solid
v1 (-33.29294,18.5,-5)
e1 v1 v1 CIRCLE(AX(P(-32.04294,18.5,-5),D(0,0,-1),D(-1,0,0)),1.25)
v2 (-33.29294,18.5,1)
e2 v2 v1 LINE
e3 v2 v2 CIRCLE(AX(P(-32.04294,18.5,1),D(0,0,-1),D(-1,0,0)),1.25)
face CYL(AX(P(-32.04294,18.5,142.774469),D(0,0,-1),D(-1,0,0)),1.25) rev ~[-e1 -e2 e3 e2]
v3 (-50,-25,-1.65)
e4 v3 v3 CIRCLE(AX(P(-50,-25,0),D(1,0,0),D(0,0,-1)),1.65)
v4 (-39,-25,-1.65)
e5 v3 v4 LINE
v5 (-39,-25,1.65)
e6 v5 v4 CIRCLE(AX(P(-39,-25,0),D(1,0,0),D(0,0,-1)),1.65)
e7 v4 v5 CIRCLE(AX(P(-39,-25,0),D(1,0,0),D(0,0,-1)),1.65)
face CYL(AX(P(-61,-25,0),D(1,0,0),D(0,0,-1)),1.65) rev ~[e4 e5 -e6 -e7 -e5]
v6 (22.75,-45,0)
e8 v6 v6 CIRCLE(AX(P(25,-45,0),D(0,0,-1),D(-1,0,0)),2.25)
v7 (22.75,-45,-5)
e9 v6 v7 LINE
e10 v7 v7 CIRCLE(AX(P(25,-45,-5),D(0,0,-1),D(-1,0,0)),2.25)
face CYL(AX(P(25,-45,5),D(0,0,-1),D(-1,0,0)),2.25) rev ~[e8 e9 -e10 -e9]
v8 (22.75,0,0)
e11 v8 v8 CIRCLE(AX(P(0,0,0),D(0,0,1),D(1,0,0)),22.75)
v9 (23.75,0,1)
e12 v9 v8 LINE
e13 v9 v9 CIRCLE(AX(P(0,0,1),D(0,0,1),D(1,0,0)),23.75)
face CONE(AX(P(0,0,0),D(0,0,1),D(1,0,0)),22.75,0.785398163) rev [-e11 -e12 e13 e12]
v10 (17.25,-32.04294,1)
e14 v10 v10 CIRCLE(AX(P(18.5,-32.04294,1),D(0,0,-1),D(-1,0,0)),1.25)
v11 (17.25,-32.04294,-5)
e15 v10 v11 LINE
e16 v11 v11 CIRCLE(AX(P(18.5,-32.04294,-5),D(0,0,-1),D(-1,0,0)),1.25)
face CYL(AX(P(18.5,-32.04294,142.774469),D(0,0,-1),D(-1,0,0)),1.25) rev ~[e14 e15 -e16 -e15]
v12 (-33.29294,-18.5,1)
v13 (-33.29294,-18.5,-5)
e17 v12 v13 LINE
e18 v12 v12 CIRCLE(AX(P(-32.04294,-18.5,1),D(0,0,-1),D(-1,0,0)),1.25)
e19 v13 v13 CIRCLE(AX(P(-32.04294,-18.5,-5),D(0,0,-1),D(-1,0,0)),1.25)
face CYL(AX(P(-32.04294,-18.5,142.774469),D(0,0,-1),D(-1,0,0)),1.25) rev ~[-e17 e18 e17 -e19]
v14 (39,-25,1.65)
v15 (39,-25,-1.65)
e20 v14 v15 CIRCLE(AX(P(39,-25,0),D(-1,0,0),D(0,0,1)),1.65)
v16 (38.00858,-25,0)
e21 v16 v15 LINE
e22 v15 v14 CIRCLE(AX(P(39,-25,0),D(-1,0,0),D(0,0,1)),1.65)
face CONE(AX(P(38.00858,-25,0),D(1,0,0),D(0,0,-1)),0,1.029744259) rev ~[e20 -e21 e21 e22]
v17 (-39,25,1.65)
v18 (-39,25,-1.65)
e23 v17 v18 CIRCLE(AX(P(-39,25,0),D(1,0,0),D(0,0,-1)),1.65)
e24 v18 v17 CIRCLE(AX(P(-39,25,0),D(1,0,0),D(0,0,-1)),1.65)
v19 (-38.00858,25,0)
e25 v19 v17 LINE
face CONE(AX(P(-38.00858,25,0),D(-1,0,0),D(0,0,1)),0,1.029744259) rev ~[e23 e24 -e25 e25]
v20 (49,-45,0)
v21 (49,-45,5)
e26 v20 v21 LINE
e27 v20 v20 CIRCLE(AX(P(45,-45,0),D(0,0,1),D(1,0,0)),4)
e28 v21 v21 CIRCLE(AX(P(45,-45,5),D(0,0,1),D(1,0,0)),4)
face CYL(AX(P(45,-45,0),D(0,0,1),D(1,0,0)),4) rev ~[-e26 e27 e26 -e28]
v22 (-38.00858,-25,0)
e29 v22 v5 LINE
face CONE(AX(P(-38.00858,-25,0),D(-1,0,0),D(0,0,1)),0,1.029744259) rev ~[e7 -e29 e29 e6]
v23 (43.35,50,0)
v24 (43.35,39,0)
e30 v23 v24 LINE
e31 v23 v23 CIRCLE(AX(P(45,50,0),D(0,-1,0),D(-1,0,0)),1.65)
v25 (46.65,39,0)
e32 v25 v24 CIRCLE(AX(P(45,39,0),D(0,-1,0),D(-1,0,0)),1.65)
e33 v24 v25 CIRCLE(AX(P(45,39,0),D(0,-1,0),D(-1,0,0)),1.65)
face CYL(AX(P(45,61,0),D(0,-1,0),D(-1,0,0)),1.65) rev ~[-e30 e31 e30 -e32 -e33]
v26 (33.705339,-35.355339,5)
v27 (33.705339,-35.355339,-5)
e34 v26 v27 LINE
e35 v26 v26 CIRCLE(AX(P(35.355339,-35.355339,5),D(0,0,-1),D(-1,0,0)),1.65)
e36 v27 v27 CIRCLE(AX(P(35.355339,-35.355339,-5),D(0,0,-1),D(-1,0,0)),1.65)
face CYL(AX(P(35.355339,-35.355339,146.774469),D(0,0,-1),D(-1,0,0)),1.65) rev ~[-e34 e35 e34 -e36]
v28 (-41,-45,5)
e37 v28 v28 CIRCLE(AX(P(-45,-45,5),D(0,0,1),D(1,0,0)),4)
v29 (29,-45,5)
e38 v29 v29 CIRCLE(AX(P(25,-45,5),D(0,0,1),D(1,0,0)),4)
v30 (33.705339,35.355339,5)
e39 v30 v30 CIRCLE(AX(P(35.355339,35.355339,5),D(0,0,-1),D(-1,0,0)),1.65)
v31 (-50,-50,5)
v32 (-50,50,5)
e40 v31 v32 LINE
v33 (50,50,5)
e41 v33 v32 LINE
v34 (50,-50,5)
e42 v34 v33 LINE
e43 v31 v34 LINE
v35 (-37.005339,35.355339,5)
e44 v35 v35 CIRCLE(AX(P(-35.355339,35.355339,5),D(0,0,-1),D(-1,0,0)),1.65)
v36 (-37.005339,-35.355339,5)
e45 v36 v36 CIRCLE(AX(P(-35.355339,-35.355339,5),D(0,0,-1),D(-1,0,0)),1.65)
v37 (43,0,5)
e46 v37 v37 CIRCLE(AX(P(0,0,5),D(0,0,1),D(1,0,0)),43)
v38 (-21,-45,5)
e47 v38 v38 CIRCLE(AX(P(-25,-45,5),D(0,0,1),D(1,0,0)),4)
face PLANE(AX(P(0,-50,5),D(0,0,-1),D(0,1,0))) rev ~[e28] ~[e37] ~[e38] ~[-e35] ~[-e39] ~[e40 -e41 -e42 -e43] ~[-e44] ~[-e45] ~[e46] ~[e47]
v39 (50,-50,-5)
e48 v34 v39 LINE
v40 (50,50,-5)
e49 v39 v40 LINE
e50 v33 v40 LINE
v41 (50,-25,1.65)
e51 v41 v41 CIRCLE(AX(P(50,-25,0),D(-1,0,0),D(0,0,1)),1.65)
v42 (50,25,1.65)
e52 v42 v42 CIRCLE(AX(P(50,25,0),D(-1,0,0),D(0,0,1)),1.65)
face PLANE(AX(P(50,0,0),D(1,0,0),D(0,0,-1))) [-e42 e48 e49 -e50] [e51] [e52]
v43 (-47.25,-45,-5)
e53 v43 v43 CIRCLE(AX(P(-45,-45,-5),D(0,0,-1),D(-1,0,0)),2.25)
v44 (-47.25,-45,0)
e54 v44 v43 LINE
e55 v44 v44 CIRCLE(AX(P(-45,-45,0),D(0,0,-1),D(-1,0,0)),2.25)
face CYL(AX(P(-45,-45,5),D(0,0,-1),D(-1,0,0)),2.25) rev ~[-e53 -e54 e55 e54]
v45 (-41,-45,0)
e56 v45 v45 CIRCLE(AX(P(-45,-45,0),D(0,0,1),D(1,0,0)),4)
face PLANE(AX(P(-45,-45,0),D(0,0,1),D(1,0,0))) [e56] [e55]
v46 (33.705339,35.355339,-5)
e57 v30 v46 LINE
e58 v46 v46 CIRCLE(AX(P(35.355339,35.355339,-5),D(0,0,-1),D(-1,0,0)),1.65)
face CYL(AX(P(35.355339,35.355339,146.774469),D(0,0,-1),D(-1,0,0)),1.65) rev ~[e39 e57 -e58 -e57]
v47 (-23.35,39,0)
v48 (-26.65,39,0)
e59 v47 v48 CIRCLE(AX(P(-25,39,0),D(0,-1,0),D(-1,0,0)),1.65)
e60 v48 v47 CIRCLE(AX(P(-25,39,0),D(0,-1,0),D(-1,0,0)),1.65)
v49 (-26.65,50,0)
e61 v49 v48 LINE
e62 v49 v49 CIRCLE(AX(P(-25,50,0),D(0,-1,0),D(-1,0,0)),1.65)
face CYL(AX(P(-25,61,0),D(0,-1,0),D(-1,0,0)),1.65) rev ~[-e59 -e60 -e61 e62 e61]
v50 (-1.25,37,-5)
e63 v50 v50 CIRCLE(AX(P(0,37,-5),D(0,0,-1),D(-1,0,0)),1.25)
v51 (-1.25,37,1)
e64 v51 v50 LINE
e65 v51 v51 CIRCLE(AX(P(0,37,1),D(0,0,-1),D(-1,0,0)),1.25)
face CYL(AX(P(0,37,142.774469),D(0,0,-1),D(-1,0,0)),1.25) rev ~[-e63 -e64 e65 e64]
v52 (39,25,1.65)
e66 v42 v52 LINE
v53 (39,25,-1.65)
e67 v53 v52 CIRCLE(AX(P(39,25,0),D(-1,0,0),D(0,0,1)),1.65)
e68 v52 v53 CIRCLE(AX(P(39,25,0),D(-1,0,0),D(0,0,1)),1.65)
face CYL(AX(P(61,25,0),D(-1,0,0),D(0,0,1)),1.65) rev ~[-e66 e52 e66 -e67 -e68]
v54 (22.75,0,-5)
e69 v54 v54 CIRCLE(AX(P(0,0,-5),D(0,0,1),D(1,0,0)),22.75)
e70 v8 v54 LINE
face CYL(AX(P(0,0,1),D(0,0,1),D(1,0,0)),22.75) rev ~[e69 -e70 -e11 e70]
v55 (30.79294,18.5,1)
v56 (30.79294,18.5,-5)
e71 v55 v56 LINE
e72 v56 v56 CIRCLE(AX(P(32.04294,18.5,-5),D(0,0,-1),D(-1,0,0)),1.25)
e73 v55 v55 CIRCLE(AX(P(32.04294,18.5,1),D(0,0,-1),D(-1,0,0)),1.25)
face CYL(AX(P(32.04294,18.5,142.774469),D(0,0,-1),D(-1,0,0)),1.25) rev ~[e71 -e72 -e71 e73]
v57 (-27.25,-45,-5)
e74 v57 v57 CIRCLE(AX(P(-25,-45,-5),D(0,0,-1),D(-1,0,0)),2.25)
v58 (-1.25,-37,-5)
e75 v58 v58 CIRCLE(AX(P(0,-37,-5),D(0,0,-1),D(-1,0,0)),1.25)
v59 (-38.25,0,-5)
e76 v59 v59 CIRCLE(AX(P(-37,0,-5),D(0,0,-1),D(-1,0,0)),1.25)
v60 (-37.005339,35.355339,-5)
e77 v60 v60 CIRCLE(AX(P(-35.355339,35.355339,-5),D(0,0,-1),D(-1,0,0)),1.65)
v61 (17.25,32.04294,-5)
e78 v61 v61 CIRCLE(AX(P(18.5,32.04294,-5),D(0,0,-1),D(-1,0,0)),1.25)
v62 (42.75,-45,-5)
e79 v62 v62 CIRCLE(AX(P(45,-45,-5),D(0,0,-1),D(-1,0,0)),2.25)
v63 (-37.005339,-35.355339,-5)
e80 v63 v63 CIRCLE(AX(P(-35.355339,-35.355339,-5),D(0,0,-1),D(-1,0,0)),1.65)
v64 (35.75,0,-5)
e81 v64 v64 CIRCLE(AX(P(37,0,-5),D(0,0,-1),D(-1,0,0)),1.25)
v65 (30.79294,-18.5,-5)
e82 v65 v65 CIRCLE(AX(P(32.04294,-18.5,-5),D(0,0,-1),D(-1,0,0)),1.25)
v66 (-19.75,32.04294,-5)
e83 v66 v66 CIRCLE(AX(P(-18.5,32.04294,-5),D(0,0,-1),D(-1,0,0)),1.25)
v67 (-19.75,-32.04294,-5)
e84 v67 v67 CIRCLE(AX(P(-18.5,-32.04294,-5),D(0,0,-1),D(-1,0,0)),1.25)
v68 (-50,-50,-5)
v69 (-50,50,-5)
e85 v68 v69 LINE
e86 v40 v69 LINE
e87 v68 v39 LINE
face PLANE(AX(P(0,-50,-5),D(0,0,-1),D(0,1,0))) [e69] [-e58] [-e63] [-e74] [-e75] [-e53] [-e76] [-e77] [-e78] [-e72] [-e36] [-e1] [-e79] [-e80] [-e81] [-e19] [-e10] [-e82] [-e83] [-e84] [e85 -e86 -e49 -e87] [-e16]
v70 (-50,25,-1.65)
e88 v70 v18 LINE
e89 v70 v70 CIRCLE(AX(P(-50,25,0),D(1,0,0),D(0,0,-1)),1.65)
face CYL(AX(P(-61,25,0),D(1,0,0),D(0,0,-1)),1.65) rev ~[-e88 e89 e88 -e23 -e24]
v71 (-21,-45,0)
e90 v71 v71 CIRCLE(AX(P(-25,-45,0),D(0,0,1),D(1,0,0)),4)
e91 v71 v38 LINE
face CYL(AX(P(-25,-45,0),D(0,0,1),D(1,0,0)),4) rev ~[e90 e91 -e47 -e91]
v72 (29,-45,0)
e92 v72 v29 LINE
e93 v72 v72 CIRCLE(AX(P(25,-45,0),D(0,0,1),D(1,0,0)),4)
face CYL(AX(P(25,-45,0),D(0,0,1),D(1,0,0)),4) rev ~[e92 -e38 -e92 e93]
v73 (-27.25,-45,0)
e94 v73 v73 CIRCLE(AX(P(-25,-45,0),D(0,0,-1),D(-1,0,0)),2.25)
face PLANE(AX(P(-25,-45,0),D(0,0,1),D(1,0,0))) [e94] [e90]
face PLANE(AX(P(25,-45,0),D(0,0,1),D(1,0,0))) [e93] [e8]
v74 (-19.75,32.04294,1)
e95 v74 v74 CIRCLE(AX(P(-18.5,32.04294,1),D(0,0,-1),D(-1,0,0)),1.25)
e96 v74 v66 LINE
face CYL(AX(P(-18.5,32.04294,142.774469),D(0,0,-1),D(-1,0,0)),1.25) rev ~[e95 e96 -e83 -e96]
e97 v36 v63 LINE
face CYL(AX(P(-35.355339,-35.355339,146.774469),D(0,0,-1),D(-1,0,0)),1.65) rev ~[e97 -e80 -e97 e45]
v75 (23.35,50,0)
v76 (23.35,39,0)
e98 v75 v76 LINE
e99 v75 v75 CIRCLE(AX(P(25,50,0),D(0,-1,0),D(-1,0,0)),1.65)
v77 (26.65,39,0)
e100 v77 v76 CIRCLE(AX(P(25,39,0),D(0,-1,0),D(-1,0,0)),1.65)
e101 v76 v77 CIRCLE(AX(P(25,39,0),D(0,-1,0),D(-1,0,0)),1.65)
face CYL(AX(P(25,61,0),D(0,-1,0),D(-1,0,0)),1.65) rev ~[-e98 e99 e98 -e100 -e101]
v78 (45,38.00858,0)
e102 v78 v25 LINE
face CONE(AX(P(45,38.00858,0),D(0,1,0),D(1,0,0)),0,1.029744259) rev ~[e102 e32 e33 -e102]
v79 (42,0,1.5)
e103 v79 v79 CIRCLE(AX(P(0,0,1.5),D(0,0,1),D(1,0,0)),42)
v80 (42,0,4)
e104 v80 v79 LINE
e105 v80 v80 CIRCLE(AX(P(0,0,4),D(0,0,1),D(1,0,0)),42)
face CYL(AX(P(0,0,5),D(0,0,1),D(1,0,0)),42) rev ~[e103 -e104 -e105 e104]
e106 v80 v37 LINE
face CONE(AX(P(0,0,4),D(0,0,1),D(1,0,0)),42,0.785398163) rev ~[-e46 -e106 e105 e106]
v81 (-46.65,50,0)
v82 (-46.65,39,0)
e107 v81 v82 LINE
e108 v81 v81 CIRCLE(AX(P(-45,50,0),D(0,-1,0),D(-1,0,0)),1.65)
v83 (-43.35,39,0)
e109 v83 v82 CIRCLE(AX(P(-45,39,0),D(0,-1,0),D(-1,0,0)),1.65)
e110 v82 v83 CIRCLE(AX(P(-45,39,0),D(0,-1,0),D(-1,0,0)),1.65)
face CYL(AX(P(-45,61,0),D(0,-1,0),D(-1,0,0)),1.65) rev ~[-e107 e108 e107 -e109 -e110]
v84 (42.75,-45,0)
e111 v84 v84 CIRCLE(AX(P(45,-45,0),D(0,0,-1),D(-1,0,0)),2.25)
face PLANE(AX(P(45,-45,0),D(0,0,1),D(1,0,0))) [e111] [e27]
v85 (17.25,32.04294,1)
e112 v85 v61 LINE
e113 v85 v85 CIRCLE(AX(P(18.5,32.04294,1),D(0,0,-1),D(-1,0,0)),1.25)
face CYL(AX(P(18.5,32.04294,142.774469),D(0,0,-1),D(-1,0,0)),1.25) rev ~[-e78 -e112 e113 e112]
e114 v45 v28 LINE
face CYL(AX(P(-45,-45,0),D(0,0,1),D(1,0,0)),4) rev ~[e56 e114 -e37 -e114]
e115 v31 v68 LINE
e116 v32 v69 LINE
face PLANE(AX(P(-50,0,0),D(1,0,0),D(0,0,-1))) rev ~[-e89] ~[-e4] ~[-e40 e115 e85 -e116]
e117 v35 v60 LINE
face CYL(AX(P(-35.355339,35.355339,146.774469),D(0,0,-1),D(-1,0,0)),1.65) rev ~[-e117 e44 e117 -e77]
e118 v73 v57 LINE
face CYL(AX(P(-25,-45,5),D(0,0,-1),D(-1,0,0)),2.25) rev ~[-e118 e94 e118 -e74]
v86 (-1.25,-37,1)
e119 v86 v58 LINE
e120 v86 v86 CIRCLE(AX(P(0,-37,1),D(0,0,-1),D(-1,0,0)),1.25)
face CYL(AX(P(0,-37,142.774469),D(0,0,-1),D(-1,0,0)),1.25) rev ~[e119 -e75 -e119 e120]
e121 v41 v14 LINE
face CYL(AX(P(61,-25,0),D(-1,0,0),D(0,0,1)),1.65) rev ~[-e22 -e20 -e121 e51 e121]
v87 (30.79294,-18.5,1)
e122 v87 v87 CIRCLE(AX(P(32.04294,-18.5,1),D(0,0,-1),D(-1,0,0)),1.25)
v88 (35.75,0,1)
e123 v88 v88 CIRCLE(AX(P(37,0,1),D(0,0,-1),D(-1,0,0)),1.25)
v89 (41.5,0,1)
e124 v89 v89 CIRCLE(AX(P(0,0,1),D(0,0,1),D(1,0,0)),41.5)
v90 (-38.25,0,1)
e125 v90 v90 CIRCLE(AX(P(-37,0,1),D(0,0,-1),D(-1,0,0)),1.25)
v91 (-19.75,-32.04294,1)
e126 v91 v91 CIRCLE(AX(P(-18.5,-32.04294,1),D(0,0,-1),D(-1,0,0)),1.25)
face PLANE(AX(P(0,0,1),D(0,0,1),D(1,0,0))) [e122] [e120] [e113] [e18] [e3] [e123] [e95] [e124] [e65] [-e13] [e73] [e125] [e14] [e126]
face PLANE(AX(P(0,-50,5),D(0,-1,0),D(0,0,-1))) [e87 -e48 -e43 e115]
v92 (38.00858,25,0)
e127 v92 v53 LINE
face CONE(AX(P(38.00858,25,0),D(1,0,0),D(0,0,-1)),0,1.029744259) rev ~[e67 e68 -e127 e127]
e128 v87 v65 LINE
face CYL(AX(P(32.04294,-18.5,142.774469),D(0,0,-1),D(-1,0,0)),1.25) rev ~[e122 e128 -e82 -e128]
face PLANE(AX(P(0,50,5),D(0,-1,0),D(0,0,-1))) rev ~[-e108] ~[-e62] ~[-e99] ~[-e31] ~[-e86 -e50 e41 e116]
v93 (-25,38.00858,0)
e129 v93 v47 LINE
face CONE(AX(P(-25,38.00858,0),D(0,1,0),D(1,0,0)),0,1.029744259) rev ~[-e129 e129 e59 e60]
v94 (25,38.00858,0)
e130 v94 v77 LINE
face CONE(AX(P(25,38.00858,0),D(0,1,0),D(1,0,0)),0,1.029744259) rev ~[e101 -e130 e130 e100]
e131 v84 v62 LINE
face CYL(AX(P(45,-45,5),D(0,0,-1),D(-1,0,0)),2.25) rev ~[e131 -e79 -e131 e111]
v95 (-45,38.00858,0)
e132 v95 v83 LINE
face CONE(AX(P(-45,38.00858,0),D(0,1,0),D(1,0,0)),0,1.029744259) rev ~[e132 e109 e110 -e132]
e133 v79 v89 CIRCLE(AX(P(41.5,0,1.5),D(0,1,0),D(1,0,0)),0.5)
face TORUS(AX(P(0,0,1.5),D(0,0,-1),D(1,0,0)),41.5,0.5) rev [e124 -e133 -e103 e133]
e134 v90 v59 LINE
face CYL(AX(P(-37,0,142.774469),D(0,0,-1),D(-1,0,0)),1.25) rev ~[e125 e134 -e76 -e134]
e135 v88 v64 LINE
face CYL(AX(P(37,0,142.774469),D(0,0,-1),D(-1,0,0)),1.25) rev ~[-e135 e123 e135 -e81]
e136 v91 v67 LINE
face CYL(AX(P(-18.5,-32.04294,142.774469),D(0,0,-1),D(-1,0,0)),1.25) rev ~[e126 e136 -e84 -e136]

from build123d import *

# Parameters (mm, degrees)
SKETCH1_W                                           = 10
SKETCH1_H                                           = 100
BOSS_EXTRUDE1_DEPTH                                 = 50
SKETCH2_R                                           = 42
CUT_EXTRUDE1_DEPTH                                  = 4
CUT_EXTRUDE3_REACH                                  = 72.965
SKETCH4_R                                           = 22.75
M3_TAPPED_HOLE1_D                                   = 2.5
FILLET3_R                                           = 0.5
CHAMFER1_SIZE                                       = 1
CBORE_FOR_M4_HEX_SOCKET_HEAD_CAP_SCREW1_D           = 4.5
CBORE_FOR_M4_HEX_SOCKET_HEAD_CAP_SCREW1_CBORE_D     = 8
CBORE_FOR_M4_HEX_SOCKET_HEAD_CAP_SCREW1_CBORE_DEPTH = 5
M4_TAPPED_HOLE1_D                                   = 3.3
M4_TAPPED_HOLE1_DEPTH                               = 11
M4_TAPPED_HOLE1_TIP                                 = 0.991420021
M4_TAPPED_HOLE2_D                                   = 3.3
M4_TAPPED_HOLE2_DEPTH                               = 11
M4_TAPPED_HOLE2_TIP                                 = 0.991420021
M4_TAPPED_HOLE3_D                                   = 3.3
M4_TAPPED_HOLE3_DEPTH                               = 11
M4_TAPPED_HOLE3_TIP                                 = 0.991420021
M4_TAPPED_HOLE4_D                                   = 3.3


with BuildPart() as part:
    # Sketch1 → Boss-Extrude1 (new, symmetric)
    with BuildSketch(Plane(origin=(0, 0, 0), x_dir=(0, 0, -1), z_dir=(1, 0, 0))):
        Rectangle(SKETCH1_W, SKETCH1_H)
    extrude(amount=BOSS_EXTRUDE1_DEPTH, both=True)

    # Sketch2 → Cut-Extrude1 (cut)
    with BuildSketch(Plane.XY.offset(5)):
        Circle(SKETCH2_R)
    extrude(amount=-CUT_EXTRUDE1_DEPTH, mode=Mode.SUBTRACT)

    # Sketch4 → Cut-Extrude3 (cut, up to next)
    with BuildSketch(Plane.XY.offset(1), mode=Mode.PRIVATE) as cut_extrude3_sk1:
        Circle(SKETCH4_R)
    cut_extrude3_tool1 = extrude(cut_extrude3_sk1.sketch, amount=-CUT_EXTRUDE3_REACH, mode=Mode.PRIVATE) & part.part
    add(cut_extrude3_tool1.solids().sort_by_distance((0, 0, 1))[0], mode=Mode.SUBTRACT)

    # M3 Tapped Hole1 (through all)
    with Locations(Plane.XY.offset(1)):
        with Locations((-32.04293994, -18.5), (-37, 0), (37, 0), (18.5, 32.04293994), (-32.04293994, 18.5), (32.04293994, -18.5), (-18.5, -32.04293994), (0, 37), (0, -37), (-18.5, 32.04293994), (18.5, -32.04293994), (32.04293994, 18.5)):
            Hole(M3_TAPPED_HOLE1_D / 2)

    # Fillet3
    fillet3_edges = [part.edges().sort_by_distance(p)[0] for p in [
        (-42, 0, 1),
    ]]
    fillet(fillet3_edges, radius=FILLET3_R)

    # Chamfer1
    chamfer1_edges = [part.edges().sort_by_distance(p)[0] for p in [
        (-42, 0, 5),
        (-22.75, 0, 1),
    ]]
    chamfer(chamfer1_edges, length=CHAMFER1_SIZE)

    # CBORE for M4 Hex Socket Head Cap Screw1 (through all)
    with Locations(Plane.XY.offset(5)):
        with Locations((-45, -45), (-25, -45), (25, -45), (45, -45)):
            CounterBoreHole(CBORE_FOR_M4_HEX_SOCKET_HEAD_CAP_SCREW1_D / 2, CBORE_FOR_M4_HEX_SOCKET_HEAD_CAP_SCREW1_CBORE_D / 2, CBORE_FOR_M4_HEX_SOCKET_HEAD_CAP_SCREW1_CBORE_DEPTH)

    # M4 Tapped Hole1
    with Locations(Plane(origin=(0, 50, 0), x_dir=(1, 0, 0), z_dir=(0, 1, 0))):
        with Locations((-45, 0), (-25, 0), (25, 0), (45, 0)):
            Hole(M4_TAPPED_HOLE1_D / 2, depth=M4_TAPPED_HOLE1_DEPTH)
            with Locations((0, 0, -(M4_TAPPED_HOLE1_DEPTH + M4_TAPPED_HOLE1_TIP / 2))):  # 118° drill point
                Cone(0, M4_TAPPED_HOLE1_D / 2, M4_TAPPED_HOLE1_TIP, mode=Mode.SUBTRACT)

    # M4 Tapped Hole2
    with Locations(Plane(origin=(50, 0, 0), x_dir=(0, 0, -1), z_dir=(1, 0, 0))):
        with Locations((0, 25), (0, -25)):
            Hole(M4_TAPPED_HOLE2_D / 2, depth=M4_TAPPED_HOLE2_DEPTH)
            with Locations((0, 0, -(M4_TAPPED_HOLE2_DEPTH + M4_TAPPED_HOLE2_TIP / 2))):  # 118° drill point
                Cone(0, M4_TAPPED_HOLE2_D / 2, M4_TAPPED_HOLE2_TIP, mode=Mode.SUBTRACT)

    # M4 Tapped Hole3
    with Locations(Plane.ZY.offset(50)):
        with Locations((0, 25), (0, -25)):
            Hole(M4_TAPPED_HOLE3_D / 2, depth=M4_TAPPED_HOLE3_DEPTH)
            with Locations((0, 0, -(M4_TAPPED_HOLE3_DEPTH + M4_TAPPED_HOLE3_TIP / 2))):  # 118° drill point
                Cone(0, M4_TAPPED_HOLE3_D / 2, M4_TAPPED_HOLE3_TIP, mode=Mode.SUBTRACT)

    # M4 Tapped Hole4 (through all)
    with Locations(Plane.XY.offset(5)):
        with Locations((35.355339059, -35.355339059), (35.355339059, 35.355339059), (-35.355339059, 35.355339059), (-35.355339059, -35.355339059)):
            Hole(M4_TAPPED_HOLE4_D / 2)


solid = part.part
